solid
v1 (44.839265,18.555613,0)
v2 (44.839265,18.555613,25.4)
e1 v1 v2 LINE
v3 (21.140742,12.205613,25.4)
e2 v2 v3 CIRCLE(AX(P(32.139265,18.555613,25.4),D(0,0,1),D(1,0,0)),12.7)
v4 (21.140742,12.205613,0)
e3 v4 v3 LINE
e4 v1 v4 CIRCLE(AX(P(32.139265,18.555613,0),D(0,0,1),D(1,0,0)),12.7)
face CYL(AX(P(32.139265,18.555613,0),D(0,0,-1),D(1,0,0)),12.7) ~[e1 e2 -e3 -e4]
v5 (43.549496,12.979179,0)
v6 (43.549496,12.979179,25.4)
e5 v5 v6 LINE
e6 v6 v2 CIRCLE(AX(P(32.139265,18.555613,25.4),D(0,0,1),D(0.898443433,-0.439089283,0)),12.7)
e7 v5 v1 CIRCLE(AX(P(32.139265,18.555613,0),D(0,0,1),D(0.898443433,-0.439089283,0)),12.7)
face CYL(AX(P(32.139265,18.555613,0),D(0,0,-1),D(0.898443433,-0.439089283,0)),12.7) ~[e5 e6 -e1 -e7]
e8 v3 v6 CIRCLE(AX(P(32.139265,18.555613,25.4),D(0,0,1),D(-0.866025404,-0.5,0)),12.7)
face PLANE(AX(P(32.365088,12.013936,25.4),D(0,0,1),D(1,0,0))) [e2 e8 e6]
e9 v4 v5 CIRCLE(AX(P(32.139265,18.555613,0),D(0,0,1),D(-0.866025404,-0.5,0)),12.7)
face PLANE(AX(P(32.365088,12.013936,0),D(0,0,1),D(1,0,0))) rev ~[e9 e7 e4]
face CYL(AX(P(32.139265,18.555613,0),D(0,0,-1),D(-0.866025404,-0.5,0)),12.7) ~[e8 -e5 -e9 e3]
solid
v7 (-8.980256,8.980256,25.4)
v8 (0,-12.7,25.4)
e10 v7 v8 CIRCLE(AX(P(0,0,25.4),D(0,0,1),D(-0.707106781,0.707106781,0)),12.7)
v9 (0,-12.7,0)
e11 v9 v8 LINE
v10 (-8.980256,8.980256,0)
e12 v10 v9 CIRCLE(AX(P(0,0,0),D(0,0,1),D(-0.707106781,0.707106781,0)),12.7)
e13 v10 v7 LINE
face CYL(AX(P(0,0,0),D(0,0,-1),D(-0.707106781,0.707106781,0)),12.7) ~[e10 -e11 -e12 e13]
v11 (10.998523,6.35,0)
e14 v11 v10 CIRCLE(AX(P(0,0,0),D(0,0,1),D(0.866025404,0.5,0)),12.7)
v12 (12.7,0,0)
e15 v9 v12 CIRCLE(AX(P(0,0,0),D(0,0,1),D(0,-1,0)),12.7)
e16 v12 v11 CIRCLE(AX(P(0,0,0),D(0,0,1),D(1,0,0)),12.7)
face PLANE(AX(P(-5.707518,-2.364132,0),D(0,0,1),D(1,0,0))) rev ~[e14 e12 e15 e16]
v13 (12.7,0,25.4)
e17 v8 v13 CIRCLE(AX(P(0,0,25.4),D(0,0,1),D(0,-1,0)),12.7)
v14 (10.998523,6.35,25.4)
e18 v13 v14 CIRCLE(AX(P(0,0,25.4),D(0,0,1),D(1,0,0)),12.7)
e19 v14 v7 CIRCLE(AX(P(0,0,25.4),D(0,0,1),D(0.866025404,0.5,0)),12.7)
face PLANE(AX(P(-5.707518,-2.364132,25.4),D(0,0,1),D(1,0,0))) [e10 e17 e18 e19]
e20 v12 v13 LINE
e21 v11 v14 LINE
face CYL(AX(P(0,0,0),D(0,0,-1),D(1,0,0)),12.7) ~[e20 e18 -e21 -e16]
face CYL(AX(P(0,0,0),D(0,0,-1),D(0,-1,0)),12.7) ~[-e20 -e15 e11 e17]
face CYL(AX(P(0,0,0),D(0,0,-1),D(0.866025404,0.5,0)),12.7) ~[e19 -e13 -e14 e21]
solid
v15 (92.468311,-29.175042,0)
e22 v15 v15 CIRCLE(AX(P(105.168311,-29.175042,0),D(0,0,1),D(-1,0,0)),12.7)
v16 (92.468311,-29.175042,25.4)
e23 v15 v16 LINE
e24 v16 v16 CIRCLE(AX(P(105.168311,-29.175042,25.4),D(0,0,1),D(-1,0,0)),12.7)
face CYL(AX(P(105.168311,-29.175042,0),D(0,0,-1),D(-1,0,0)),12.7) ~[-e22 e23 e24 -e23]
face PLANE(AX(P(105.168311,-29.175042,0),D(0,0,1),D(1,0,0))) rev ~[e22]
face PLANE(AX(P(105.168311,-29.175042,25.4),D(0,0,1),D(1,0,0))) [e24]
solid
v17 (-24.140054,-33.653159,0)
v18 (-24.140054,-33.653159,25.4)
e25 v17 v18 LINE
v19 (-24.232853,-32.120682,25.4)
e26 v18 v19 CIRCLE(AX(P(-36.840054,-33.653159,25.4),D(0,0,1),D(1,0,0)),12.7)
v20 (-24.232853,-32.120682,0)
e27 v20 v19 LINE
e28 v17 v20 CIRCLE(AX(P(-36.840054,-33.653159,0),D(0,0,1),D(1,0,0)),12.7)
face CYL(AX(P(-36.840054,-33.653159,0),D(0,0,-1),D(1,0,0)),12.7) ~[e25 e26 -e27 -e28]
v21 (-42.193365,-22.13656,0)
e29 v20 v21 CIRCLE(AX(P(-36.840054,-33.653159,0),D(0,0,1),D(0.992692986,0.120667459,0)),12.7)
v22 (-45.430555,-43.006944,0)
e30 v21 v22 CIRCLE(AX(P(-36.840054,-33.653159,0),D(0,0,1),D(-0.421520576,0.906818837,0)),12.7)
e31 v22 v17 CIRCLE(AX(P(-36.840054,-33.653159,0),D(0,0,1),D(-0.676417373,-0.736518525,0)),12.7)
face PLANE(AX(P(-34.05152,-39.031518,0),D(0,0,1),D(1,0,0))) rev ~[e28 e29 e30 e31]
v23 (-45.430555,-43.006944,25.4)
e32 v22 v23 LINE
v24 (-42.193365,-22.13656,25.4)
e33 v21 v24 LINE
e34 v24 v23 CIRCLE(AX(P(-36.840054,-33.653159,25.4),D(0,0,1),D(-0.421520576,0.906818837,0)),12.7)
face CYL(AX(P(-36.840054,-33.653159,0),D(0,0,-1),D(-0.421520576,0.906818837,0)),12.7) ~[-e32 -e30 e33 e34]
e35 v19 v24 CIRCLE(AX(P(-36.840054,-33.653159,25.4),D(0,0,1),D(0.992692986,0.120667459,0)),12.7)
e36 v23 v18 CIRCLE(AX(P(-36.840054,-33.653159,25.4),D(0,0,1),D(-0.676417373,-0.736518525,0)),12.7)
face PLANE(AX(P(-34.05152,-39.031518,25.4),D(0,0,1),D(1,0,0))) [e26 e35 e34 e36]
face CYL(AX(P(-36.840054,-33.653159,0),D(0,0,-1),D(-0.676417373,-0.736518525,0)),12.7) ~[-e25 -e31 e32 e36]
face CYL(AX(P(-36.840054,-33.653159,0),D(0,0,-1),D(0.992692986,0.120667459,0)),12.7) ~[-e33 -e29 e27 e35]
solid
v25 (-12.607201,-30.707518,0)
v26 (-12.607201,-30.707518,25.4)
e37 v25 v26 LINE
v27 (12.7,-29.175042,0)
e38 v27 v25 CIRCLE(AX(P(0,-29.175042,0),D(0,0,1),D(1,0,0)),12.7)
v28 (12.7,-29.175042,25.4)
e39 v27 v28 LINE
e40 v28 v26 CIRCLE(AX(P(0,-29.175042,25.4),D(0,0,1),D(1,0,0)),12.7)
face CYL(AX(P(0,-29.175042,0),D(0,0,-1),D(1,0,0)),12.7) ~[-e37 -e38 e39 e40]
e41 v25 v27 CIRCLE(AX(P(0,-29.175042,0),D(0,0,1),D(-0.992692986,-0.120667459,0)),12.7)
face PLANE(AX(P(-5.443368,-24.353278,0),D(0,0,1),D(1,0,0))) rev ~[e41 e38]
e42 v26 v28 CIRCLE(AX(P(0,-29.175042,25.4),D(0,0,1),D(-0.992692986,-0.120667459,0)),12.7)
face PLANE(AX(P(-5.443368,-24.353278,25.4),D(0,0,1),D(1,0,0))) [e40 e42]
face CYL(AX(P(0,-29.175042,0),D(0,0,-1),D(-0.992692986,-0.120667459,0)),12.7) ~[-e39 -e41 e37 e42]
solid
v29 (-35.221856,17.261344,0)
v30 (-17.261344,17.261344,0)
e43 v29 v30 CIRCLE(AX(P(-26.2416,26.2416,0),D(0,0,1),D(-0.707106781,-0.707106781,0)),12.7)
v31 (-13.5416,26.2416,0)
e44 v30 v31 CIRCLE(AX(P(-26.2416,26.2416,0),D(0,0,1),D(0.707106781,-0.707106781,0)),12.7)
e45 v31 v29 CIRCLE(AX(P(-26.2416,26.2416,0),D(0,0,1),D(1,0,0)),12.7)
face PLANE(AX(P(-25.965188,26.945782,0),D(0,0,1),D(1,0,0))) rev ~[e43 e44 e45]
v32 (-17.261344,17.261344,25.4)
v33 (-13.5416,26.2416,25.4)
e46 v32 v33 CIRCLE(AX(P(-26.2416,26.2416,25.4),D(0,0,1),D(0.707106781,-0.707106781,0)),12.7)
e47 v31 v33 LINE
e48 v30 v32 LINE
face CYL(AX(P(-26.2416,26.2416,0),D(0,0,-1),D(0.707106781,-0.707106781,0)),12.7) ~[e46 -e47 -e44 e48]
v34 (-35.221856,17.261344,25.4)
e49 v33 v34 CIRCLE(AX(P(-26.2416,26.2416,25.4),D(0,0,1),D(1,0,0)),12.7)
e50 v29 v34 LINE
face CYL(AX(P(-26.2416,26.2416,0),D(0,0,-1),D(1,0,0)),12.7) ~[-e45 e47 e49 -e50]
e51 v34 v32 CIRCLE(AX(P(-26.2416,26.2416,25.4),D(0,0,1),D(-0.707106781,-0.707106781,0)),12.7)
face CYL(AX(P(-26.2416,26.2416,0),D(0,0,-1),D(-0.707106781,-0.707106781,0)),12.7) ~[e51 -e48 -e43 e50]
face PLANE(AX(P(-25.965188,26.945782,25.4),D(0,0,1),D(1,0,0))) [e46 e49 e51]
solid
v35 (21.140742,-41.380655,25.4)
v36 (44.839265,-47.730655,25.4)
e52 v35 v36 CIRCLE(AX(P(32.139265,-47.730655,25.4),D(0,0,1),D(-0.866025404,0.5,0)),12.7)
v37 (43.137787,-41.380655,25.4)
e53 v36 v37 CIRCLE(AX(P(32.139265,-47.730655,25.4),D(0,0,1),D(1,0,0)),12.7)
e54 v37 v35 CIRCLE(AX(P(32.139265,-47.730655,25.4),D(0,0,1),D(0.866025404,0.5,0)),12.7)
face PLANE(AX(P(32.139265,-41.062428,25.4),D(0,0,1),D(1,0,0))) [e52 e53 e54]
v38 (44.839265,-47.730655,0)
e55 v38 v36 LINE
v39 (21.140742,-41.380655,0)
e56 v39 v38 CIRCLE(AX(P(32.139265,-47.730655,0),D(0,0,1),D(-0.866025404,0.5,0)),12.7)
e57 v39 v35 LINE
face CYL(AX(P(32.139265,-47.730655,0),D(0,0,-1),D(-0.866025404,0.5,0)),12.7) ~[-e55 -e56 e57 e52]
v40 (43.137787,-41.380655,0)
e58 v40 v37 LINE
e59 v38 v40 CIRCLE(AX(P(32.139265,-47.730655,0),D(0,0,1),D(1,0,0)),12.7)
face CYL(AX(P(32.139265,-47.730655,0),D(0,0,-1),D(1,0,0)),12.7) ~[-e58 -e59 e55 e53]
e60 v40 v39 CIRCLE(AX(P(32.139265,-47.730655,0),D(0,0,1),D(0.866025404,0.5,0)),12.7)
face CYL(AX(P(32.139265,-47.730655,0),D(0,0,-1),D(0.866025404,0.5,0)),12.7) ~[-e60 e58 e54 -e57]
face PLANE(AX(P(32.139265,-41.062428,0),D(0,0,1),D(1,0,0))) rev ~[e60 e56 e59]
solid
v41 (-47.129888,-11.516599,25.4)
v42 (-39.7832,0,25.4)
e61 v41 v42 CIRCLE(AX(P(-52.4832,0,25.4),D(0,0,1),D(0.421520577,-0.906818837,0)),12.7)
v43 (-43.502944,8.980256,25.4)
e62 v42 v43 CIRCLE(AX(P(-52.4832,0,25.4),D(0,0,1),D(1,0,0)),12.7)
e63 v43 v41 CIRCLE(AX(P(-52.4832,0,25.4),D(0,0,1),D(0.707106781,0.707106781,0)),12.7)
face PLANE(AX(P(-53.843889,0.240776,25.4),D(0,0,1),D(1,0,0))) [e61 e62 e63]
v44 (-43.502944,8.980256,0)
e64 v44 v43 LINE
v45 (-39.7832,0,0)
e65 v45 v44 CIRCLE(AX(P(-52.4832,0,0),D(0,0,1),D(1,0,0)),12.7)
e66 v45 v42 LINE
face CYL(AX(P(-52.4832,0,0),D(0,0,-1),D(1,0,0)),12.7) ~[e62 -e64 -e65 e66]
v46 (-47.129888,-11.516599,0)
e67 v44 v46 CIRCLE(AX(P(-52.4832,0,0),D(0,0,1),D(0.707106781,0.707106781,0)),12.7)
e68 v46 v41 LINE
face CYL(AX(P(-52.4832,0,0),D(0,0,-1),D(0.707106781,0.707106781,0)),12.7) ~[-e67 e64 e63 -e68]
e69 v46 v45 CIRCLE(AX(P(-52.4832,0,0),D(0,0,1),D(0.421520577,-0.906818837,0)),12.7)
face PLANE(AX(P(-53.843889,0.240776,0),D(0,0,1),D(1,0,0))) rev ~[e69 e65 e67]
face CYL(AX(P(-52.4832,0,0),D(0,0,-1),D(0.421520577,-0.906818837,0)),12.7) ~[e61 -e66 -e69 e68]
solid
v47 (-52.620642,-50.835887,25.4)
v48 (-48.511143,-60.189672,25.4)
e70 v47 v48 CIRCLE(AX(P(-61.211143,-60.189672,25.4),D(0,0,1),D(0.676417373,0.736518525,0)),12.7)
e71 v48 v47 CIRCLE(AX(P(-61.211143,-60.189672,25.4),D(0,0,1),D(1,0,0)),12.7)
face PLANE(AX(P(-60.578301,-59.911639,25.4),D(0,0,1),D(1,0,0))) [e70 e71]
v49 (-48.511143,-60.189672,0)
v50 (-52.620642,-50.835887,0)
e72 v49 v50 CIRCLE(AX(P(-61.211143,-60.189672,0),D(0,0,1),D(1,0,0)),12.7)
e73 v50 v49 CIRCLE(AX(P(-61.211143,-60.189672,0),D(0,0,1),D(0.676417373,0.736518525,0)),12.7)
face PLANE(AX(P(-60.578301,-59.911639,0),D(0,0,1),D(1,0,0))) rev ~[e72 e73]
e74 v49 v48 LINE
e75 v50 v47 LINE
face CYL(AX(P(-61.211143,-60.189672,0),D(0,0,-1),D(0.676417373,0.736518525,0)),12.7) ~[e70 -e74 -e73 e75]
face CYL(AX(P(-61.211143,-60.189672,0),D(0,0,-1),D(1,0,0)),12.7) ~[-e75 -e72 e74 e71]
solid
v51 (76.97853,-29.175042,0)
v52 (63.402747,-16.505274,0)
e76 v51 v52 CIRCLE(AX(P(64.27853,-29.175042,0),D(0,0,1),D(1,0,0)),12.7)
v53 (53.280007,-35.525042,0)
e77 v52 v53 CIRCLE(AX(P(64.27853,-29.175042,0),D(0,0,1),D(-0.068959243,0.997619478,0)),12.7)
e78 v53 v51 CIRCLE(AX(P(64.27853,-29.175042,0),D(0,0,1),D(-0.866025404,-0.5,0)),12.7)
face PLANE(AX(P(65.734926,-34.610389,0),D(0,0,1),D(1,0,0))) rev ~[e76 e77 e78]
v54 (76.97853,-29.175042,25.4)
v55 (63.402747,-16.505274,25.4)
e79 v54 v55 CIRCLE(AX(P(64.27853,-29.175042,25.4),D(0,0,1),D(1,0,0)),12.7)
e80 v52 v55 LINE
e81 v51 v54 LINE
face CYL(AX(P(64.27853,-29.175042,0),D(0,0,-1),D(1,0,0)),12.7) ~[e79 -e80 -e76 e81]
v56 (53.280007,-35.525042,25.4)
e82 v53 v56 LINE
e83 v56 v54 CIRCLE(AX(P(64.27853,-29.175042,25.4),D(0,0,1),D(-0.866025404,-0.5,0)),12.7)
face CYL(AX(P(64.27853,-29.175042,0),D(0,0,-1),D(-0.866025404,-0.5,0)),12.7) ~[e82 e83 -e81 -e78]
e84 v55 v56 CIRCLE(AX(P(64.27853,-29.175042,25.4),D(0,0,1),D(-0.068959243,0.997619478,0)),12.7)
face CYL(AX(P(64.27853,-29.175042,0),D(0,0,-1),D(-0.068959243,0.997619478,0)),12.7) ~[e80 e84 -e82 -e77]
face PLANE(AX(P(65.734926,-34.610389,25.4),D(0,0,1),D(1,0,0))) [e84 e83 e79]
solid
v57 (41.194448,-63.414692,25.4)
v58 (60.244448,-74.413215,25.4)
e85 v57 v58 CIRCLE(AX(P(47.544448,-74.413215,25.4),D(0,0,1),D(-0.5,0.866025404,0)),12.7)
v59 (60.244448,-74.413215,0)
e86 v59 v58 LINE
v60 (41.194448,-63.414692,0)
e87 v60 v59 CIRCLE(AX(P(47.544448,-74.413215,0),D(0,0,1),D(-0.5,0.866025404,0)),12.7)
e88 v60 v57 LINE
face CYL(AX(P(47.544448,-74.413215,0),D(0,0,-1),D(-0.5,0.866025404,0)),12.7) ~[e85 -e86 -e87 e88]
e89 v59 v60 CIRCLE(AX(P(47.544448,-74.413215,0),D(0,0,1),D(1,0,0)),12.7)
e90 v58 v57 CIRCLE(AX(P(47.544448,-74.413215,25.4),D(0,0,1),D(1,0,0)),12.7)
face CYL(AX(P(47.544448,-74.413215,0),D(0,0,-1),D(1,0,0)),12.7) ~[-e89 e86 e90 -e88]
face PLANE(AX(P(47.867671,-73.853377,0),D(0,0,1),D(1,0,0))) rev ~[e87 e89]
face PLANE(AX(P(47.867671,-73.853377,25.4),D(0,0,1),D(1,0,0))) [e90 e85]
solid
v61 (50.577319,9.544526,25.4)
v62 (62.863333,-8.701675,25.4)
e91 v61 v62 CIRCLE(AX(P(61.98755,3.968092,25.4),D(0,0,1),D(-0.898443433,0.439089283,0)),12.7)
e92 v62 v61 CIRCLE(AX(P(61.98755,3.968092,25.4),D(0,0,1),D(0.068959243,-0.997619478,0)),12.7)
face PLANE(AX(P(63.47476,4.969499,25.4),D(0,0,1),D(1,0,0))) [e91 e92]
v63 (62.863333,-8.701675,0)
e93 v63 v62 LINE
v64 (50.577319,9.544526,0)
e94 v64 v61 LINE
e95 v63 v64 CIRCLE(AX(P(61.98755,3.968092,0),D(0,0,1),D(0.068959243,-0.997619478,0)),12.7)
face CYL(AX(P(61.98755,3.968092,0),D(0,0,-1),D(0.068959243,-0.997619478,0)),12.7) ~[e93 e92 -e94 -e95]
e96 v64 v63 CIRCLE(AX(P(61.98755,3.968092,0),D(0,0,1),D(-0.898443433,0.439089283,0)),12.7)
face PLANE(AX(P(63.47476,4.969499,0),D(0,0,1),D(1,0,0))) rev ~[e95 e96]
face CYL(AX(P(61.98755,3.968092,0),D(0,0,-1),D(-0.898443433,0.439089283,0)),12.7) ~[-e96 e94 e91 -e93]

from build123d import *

# Parameters (mm, degrees)
F1_DEPTH = 25.4


with BuildPart() as f1:
    # F0 (on Top) → F1 (new body)
    with BuildSketch(Plane.XY):
        with BuildLine():
            Line((-52.4831996534, 0), (-43.5029435323, 8.9802561211))
            ThreePointArc((-43.5029435323, 8.9802561211), (-64.9889206945, 2.2129033509), (-47.1298883319, -11.5165992331))
            Line((-47.1298883319, -11.5165992331), (-52.4831996534, 0))
        make_face()
        with BuildLine():
            ThreePointArc((-39.7831996534, 0), (-40.7499295905, 4.860079591), (-43.5029435323, 8.9802561211))
            Line((-43.5029435323, 8.9802561211), (-52.4831996534, 0))
            Line((-52.4831996534, 0), (-47.1298883319, -11.5165992331))
            ThreePointArc((-47.1298883319, -11.5165992331), (-41.776261394, -6.8301883655), (-39.7831996534, 0))
        make_face()
    extrude(amount=F1_DEPTH)


with BuildPart() as f1b:
    # F0 (on Top) → F1, piece 2 (new body)
    with BuildSketch(Plane.XY):
        with BuildLine():
            Line((-26.2415998267, 26.2415998267), (-17.2613437056, 17.2613437056))
            ThreePointArc((-17.2613437056, 17.2613437056), (-14.5083297638, 21.3815202357), (-13.5415998267, 26.2415998267))
            ThreePointArc((-13.5415998267, 26.2415998267), (-31.1016794177, 37.9748698896), (-35.2218559478, 17.2613437056))
            Line((-35.2218559478, 17.2613437056), (-26.2415998267, 26.2415998267))
        make_face()
        with BuildLine():
            ThreePointArc((-35.2218559478, 17.2613437056), (-26.2415998267, 13.5415998267), (-17.2613437056, 17.2613437056))
            Line((-17.2613437056, 17.2613437056), (-26.2415998267, 26.2415998267))
            Line((-26.2415998267, 26.2415998267), (-35.2218559478, 17.2613437056))
        make_face()
    extrude(amount=F1_DEPTH)


with BuildPart() as f1c:
    # F0 (on Top) → F1, piece 3 (new body)
    with BuildSketch(Plane.XY):
        with BuildLine():
            ThreePointArc((-8.9802561211, 8.9802561211), (-11.7332700629, -4.860079591), (0, -12.7))
            Line((0, -12.7), (0, 0))
            Line((0, 0), (-8.9802561211, 8.9802561211))
        make_face()
        with BuildLine():
            Line((0, 0), (10.9985226281, 6.35))
            ThreePointArc((10.9985226281, 6.35), (1.6576826412, 12.5913497394), (-8.9802561211, 8.9802561211))
            Line((-8.9802561211, 8.9802561211), (0, 0))
        make_face()
        with BuildLine():
            ThreePointArc((0, -12.7), (8.9802561211, -8.9802561211), (12.7, 0))
            ThreePointArc((12.7, 0), (12.2672579939, 3.2870018728), (10.9985226281, 6.35))
            Line((10.9985226281, 6.35), (0, 0))
            Line((0, 0), (0, -12.7))
        make_face()
    extrude(amount=F1_DEPTH)


with BuildPart() as f1d:
    # F0 (on Top) → F1, piece 4 (new body)
    with BuildSketch(Plane.XY):
        with BuildLine():
            Line((0, -29.1750417436), (0, -16.4750417436))
            ThreePointArc((0, -16.4750417436), (-9.5066412192, -20.7540101721), (-12.6072009207, -30.7075184792))
            Line((-12.6072009207, -30.7075184792), (0, -29.1750417436))
        make_face()
        with BuildLine():
            Line((0, -29.1750417436), (-12.6072009207, -30.7075184792))
            ThreePointArc((-12.6072009207, -30.7075184792), (-2.5395066574, -41.6185503299), (10.9985226281, -35.5250417436))
            Line((10.9985226281, -35.5250417436), (0, -29.1750417436))
        make_face()
        with BuildLine():
            ThreePointArc((12.7, -29.1750417436), (8.9802561211, -20.1947856225), (0, -16.4750417436))
            Line((0, -16.4750417436), (0, -29.1750417436))
            Line((0, -29.1750417436), (10.9985226281, -35.5250417436))
            ThreePointArc((10.9985226281, -35.5250417436), (12.2672579939, -32.4620436164), (12.7, -29.1750417436))
        make_face()
    extrude(amount=F1_DEPTH)


with BuildPart() as f1e:
    # F0 (on Top) → F1, piece 5 (new body)
    with BuildSketch(Plane.XY):
        with BuildLine():
            ThreePointArc((-24.1400541182, -33.6531591488), (-24.163275117, -32.8855172052), (-24.2328531975, -32.1206824132))
            Line((-24.2328531975, -32.1206824132), (-36.8400541182, -33.6531591488))
            Line((-36.8400541182, -33.6531591488), (-45.43055476, -43.0069444105))
            ThreePointArc((-45.43055476, -43.0069444105), (-31.7316961703, -45.2804838228), (-24.1400541182, -33.6531591488))
        make_face()
        with BuildLine():
            Line((-36.8400541182, -33.6531591488), (-24.2328531975, -32.1206824132))
            ThreePointArc((-24.2328531975, -32.1206824132), (-30.6695270669, -22.5529521278), (-42.1933654397, -22.1365599157))
            Line((-42.1933654397, -22.1365599157), (-36.8400541182, -33.6531591488))
        make_face()
        with BuildLine():
            Line((-36.8400541182, -33.6531591488), (-42.1933654397, -22.1365599157))
            ThreePointArc((-42.1933654397, -22.1365599157), (-49.3899828135, -31.7065493413), (-45.43055476, -43.0069444105))
            Line((-45.43055476, -43.0069444105), (-36.8400541182, -33.6531591488))
        make_face()
    extrude(amount=F1_DEPTH)


with BuildPart() as f1f:
    # F0 (on Top) → F1, piece 6 (new body)
    with BuildSketch(Plane.XY):
        with BuildLine():
            ThreePointArc((-48.511142689, -60.1896718144), (-49.5838180149, -55.0813138665), (-52.6206420472, -50.8358865527))
            ThreePointArc((-52.6206420472, -50.8358865527), (-72.838467363, -65.2980297624), (-48.511142689, -60.1896718144))
        make_face()
    extrude(amount=F1_DEPTH)


with BuildPart() as f1g:
    # F0 (on Top) → F1, piece 7 (new body)
    with BuildSketch(Plane.XY):
        with BuildLine():
            ThreePointArc((43.1377874329, -41.3806549302), (32.1392648048, -35.0306549302), (21.1407421768, -41.3806549302))
            Line((21.1407421768, -41.3806549302), (32.1392648048, -47.7306549302))
            Line((32.1392648048, -47.7306549302), (43.1377874329, -41.3806549302))
        make_face()
        with BuildLine():
            Line((32.1392648048, -47.7306549302), (21.1407421768, -41.3806549302))
            ThreePointArc((21.1407421768, -41.3806549302), (23.1590086838, -56.7109110513), (38.4892648048, -58.7291775583))
            Line((38.4892648048, -58.7291775583), (32.1392648048, -47.7306549302))
        make_face()
        with BuildLine():
            Line((43.1377874329, -41.3806549302), (32.1392648048, -47.7306549302))
            Line((32.1392648048, -47.7306549302), (38.4892648048, -58.7291775583))
            ThreePointArc((38.4892648048, -58.7291775583), (43.1377874329, -54.0806549302), (44.8392648048, -47.7306549302))
            ThreePointArc((44.8392648048, -47.7306549302), (44.4065227987, -44.4436530574), (43.1377874329, -41.3806549302))
        make_face()
    extrude(amount=F1_DEPTH)


with BuildPart() as f1h:
    # F0 (on Top) → F1, piece 8 (new body)
    with BuildSketch(Plane.XY):
        with BuildLine():
            ThreePointArc((60.2444479138, -74.4132147749), (53.8944479138, -63.4146921468), (41.1944479138, -63.4146921468))
            ThreePointArc((41.1944479138, -63.4146921468), (41.1944479138, -85.411737403), (60.2444479138, -74.4132147749))
        make_face()
    extrude(amount=F1_DEPTH)


with BuildPart() as f1i:
    # F0 (on Top) → F1, piece 9 (new body)
    with BuildSketch(Plane.XY):
        with BuildLine():
            ThreePointArc((53.2800069816, -35.5250417436), (67.5655314825, -41.4422997375), (76.9785296097, -29.1750417436))
            Line((76.9785296097, -29.1750417436), (64.2785296097, -29.1750417436))
            Line((64.2785296097, -29.1750417436), (53.2800069816, -35.5250417436))
        make_face()
        with BuildLine():
            Line((64.2785296097, -29.1750417436), (63.4027472219, -16.5052743736))
            ThreePointArc((63.4027472219, -16.5052743736), (53.0674784723, -23.2082727355), (53.2800069816, -35.5250417436))
            Line((53.2800069816, -35.5250417436), (64.2785296097, -29.1750417436))
        make_face()
        with BuildLine():
            ThreePointArc((76.9785296097, -29.1750417436), (72.9436194441, -19.8903113672), (63.4027472219, -16.5052743736))
            Line((63.4027472219, -16.5052743736), (64.2785296097, -29.1750417436))
            Line((64.2785296097, -29.1750417436), (76.9785296097, -29.1750417436))
        make_face()
    extrude(amount=F1_DEPTH)


with BuildPart() as f1j:
    # F0 (on Top) → F1, piece 10 (new body)
    with BuildSketch(Plane.XY):
        with BuildLine():
            ThreePointArc((117.8683108519, -29.1750417436), (105.1683108519, -16.4750417436), (92.4683108519, -29.1750417436))
            ThreePointArc((92.4683108519, -29.1750417436), (105.1683108519, -41.8750417436), (117.8683108519, -29.1750417436))
        make_face()
    extrude(amount=F1_DEPTH)


with BuildPart() as f1k:
    # F0 (on Top) → F1, piece 11 (new body)
    with BuildSketch(Plane.XY):
        with BuildLine():
            ThreePointArc((74.6875504436, 3.9680923148), (64.849373178, 16.3414496053), (50.5773188472, 9.5445262038))
            Line((50.5773188472, 9.5445262038), (61.9875504436, 3.9680923148))
            Line((61.9875504436, 3.9680923148), (62.8633328313, -8.7016750551))
            ThreePointArc((62.8633328313, -8.7016750551), (71.27228082, -4.6969975195), (74.6875504436, 3.9680923148))
        make_face()
        with BuildLine():
            Line((61.9875504436, 3.9680923148), (50.5773188472, 9.5445262038))
            ThreePointArc((50.5773188472, 9.5445262038), (51.453101235, -3.1252411662), (62.8633328313, -8.7016750551))
            Line((62.8633328313, -8.7016750551), (61.9875504436, 3.9680923148))
        make_face()
    extrude(amount=F1_DEPTH)


with BuildPart() as f1l:
    # F0 (on Top) → F1, piece 12 (new body)
    with BuildSketch(Plane.XY):
        with BuildLine():
            Line((32.1392648048, 18.5556131866), (21.1407421768, 12.2056131866))
            ThreePointArc((21.1407421768, 12.2056131866), (32.577416834, 5.8631735945), (43.5494964012, 12.9791792977))
            Line((43.5494964012, 12.9791792977), (32.1392648048, 18.5556131866))
        make_face()
        with BuildLine():
            ThreePointArc((44.8392648048, 18.5556131866), (28.852262932, 30.8228711805), (21.1407421768, 12.2056131866))
            Line((21.1407421768, 12.2056131866), (32.1392648048, 18.5556131866))
            Line((32.1392648048, 18.5556131866), (43.5494964012, 12.9791792977))
            ThreePointArc((43.5494964012, 12.9791792977), (44.5126220953, 15.6937904522), (44.8392648048, 18.5556131866))
        make_face()
    extrude(amount=F1_DEPTH)


solid = Compound([f1.part, f1b.part, f1c.part, f1d.part, f1e.part, f1f.part, f1g.part, f1h.part, f1i.part, f1j.part, f1k.part, f1l.part])
